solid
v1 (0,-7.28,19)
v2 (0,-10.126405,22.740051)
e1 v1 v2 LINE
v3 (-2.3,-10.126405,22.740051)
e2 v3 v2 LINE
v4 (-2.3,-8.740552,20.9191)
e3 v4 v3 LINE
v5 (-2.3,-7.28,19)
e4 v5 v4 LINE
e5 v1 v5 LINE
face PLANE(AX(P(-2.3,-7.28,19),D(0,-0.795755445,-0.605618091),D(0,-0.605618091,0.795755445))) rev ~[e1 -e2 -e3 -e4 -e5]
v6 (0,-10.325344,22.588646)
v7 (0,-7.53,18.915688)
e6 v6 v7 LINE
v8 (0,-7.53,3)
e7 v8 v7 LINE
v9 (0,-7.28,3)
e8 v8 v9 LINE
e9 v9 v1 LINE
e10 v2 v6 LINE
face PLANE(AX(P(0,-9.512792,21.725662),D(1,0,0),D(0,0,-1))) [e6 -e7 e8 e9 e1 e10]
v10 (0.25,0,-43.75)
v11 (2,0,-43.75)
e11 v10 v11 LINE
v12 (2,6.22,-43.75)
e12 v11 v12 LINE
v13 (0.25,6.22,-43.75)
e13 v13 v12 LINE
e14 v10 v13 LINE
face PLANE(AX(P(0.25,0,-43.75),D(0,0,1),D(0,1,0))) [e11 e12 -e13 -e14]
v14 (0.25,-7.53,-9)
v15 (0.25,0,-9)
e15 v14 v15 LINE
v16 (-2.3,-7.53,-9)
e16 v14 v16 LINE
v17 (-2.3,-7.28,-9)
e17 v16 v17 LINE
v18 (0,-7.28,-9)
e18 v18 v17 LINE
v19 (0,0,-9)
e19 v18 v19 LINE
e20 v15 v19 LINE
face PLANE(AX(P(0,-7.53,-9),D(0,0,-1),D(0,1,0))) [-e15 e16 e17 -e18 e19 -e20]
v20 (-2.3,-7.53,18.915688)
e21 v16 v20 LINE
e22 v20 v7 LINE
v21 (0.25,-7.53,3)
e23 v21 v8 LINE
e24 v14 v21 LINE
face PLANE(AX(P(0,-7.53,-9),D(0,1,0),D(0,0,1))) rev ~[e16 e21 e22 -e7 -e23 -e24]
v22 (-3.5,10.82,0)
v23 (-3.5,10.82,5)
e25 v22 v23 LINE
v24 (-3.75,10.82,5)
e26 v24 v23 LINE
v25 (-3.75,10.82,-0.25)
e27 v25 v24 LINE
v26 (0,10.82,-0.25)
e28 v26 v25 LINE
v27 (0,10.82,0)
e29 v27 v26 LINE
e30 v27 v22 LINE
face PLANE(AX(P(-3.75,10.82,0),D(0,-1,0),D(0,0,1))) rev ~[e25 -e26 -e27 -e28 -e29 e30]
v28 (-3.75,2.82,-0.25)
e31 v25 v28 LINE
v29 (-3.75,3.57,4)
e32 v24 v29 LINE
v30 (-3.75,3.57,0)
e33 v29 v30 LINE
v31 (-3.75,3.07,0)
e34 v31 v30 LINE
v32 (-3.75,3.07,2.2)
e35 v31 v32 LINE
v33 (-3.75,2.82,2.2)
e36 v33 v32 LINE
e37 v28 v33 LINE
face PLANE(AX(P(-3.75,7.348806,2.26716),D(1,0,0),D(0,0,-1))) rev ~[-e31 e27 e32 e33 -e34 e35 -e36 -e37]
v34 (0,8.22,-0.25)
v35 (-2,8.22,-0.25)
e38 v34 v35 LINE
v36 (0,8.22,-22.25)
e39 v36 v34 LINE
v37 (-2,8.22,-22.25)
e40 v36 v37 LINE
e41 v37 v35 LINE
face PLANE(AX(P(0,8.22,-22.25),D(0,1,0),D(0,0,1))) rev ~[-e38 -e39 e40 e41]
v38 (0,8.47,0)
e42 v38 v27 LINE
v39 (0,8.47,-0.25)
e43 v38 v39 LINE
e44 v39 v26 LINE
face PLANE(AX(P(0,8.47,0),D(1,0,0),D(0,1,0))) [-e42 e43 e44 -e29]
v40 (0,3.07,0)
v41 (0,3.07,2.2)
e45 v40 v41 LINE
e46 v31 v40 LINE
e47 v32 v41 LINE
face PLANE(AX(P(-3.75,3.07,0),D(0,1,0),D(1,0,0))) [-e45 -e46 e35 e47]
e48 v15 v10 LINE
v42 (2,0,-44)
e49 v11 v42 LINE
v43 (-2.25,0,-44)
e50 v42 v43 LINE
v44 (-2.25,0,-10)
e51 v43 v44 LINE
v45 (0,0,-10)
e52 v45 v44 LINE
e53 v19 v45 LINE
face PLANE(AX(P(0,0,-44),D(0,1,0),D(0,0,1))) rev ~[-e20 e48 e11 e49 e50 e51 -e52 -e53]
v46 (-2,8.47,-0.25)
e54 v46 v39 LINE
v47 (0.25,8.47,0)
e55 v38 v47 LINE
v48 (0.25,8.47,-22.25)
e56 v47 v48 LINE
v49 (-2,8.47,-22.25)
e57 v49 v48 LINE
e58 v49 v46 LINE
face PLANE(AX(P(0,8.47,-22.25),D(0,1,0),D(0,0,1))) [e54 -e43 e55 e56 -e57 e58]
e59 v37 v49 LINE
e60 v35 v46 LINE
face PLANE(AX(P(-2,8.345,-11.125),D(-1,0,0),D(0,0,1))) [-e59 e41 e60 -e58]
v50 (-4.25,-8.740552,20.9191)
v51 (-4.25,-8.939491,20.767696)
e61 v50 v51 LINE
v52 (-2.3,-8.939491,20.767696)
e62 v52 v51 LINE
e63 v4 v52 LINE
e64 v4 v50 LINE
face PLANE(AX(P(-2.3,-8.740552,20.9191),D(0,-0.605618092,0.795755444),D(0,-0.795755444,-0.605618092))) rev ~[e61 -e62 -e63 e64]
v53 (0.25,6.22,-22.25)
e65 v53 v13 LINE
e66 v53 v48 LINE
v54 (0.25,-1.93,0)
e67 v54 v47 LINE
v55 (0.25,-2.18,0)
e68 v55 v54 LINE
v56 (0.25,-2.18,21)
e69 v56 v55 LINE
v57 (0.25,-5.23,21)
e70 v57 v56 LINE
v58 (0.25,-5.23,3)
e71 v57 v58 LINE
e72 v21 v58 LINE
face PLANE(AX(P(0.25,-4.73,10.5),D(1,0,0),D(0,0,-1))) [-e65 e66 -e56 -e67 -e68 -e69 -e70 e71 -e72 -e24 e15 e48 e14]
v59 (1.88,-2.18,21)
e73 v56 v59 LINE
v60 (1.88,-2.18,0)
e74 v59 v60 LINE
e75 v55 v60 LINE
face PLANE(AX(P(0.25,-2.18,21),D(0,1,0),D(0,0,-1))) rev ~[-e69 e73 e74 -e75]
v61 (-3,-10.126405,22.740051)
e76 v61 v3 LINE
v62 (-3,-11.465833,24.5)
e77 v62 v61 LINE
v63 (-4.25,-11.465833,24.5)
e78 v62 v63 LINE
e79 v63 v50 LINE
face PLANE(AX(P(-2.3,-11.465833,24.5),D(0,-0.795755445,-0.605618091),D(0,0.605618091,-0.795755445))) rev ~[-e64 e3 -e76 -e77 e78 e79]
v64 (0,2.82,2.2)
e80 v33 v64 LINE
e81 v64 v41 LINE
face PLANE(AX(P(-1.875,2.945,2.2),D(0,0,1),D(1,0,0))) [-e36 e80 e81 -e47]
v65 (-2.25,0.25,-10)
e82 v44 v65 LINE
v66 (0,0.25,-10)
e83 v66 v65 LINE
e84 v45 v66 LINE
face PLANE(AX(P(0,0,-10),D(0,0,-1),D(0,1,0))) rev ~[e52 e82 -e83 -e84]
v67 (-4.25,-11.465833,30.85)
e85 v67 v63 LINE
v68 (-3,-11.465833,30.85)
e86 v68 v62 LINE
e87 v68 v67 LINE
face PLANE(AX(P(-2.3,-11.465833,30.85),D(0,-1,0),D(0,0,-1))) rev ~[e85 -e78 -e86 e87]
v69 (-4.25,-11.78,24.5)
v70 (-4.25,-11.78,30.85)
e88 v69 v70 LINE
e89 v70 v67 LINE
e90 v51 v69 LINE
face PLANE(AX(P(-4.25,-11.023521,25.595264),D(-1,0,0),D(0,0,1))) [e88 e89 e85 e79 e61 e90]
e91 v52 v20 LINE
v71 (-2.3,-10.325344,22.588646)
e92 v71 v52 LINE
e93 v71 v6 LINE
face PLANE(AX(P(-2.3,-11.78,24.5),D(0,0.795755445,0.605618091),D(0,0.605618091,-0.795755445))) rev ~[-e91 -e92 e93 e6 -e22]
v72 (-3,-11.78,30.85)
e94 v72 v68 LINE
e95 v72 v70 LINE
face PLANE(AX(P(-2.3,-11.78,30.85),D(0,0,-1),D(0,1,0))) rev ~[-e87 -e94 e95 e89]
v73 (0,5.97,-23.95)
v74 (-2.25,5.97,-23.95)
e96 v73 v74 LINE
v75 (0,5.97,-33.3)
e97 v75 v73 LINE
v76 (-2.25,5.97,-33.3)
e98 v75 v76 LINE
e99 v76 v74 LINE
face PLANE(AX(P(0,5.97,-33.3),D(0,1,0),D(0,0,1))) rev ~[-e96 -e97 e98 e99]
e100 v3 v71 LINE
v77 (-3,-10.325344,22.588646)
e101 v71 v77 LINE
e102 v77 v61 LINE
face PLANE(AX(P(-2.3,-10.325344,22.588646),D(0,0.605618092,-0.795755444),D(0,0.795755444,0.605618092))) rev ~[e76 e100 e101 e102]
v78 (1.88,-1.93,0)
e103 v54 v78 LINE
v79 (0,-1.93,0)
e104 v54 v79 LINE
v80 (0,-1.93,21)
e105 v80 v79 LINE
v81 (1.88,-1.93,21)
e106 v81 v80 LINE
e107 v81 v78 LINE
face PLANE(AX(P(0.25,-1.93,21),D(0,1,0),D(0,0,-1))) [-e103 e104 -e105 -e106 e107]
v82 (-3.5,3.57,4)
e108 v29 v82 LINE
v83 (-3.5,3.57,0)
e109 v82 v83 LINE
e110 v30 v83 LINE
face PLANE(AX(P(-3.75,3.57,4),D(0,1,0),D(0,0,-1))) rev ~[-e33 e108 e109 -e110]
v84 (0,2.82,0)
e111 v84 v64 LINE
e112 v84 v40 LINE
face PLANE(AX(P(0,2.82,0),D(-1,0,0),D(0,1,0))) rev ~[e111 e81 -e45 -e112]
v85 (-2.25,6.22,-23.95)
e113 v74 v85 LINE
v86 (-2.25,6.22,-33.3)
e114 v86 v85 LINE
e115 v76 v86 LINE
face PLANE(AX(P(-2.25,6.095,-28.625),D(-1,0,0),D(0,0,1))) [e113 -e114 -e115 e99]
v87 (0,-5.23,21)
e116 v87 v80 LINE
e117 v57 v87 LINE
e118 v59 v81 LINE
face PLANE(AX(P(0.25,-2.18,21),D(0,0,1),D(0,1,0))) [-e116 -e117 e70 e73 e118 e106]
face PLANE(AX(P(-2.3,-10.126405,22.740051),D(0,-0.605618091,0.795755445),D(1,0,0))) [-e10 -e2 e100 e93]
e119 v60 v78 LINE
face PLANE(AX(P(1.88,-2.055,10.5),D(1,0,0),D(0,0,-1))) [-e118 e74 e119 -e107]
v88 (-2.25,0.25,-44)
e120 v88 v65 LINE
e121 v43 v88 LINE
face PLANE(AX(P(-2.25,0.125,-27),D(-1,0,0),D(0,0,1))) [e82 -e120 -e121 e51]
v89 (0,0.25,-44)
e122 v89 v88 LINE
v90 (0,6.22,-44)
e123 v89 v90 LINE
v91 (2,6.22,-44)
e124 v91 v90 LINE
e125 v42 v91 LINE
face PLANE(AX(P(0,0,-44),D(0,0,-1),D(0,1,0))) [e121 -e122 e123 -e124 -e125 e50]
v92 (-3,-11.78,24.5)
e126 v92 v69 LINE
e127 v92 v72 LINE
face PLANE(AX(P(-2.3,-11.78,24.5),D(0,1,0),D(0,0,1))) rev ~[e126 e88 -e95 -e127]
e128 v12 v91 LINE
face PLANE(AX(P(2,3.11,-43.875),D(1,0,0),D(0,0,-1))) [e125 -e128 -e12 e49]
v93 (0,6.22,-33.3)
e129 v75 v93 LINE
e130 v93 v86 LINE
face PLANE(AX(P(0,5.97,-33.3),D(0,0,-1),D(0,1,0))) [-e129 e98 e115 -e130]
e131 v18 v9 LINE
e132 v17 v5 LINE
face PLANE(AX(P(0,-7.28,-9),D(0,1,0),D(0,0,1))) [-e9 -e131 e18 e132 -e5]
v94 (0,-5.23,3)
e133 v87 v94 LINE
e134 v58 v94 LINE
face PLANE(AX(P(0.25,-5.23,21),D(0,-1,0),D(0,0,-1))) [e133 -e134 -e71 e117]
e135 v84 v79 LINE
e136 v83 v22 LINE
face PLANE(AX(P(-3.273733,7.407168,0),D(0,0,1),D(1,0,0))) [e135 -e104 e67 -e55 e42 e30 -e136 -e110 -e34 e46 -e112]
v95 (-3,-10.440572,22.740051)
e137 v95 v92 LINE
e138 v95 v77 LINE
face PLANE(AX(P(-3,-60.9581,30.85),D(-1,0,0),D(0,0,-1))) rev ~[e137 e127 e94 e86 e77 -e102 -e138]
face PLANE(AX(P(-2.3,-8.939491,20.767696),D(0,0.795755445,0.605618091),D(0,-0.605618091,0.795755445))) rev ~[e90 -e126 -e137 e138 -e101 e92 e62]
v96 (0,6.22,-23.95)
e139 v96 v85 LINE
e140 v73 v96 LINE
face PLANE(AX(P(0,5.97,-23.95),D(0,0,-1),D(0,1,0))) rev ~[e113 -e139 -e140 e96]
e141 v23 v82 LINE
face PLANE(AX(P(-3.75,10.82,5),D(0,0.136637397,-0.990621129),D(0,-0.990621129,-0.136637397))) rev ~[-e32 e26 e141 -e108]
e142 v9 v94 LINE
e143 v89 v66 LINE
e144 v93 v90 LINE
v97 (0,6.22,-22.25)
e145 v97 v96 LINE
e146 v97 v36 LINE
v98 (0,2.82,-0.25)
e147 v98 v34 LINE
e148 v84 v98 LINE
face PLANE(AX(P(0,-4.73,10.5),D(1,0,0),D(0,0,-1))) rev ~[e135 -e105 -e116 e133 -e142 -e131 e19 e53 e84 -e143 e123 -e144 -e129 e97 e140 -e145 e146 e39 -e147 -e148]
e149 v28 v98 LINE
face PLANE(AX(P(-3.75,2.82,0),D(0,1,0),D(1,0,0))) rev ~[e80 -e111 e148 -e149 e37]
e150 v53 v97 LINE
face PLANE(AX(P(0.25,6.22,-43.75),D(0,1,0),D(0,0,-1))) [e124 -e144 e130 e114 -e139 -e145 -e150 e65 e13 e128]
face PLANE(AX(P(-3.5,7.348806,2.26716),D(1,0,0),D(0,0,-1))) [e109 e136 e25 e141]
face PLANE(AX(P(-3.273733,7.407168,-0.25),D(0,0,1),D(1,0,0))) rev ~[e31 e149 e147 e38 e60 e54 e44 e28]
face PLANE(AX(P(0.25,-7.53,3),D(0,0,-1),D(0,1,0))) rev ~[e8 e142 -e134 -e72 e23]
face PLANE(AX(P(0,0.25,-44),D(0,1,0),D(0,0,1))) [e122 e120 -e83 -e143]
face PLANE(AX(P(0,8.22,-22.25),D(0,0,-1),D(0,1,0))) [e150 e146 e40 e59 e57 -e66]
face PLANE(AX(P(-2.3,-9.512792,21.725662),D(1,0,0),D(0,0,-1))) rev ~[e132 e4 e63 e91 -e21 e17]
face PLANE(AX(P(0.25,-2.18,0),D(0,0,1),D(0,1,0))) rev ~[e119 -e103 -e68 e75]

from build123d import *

# Parameters (mm, degrees)
SKETCH_1_W               = 44
SKETCH_1_H               = 6.22
EXTRUDE_1_DEPTH          = 0.25
SKETCH_2_W               = 0.25
SKETCH_2_H               = 6.22
EXTRUDE_2_DEPTH          = 1.75
SKETCH_4_W               = 34
SKETCH_4_H               = 0.25
SKETCH_4_W_2             = 9.35
EXTRUDE_3_DEPTH          = 2.25
SKETCH_5_W               = 22.25
SKETCH_5_H               = 2.25
SKETCH_5_W_2             = 9
SKETCH_5_H_2             = 7.53
EXTRUDE_4_DEPTH          = 0.25
SKETCH_6_W               = 21
SKETCH_6_H               = 5.6
EXTRUDE_5_DEPTH          = 0.25
SKETCH_7_W               = 18
SKETCH_7_H               = 2.3
CUT_EXTRUDE_1_DEPTH      = 45.877509958
SKETCH_8_W               = 21
SKETCH_8_H               = 0.25
EXTRUDE_6_DEPTH          = 1.63
SKETCH_9_W               = 28
SKETCH_9_H               = 0.25
EXTRUDE_7_DEPTH          = 2.3
EXTRUDE_8_DEPTH          = 2.3
EXTRUDE_9_DEPTH          = 1.95
SKETCH_12_W              = 2.3
SKETCH_12_H              = 2.401936356
CUT_EXTRUDE_2_DEPTH      = 51.369645687
CUT_EXTRUDE_3_DEPTH      = 49.492266831
CUT_EXTRUDE_3_DEPTH_BACK = 49.492266831
SKETCH_13_W              = 0.7
SKETCH_13_H              = 8.10994941
CUT_EXTRUDE_4_DEPTH      = 0.7
SKETCH_15_W              = 22.25
SKETCH_15_H              = 0.25
EXTRUDE_10_DEPTH         = 2
EXTRUDE_11_DEPTH         = 0.25
CUT_EXTRUDE_5_REACH      = 48.336
SKETCH_17_W              = 4.75
SKETCH_17_H              = 8
SKETCH_18_W              = 3.75
SKETCH_18_H              = 0.25
EXTRUDE_12_DEPTH         = 2.2
EXTRUDE_13_DEPTH         = 0.25


with BuildPart() as part:
    # 草图1 → 凸台-拉伸1 (new body)
    with BuildSketch(Plane(origin=(0, 0, 0), x_dir=(0, 0, -1), z_dir=(1, 0, 0))):
        with Locations((22, 3.11)):
            Rectangle(SKETCH_1_W, SKETCH_1_H)
    extrude(amount=EXTRUDE_1_DEPTH)

    # 草图2 → 凸台-拉伸2 (add)
    with BuildSketch(Plane(origin=(0.25, 0, 0), x_dir=(0, 0, -1), z_dir=(1, 0, 0))):
        with Locations((43.875, 3.11)):
            Rectangle(SKETCH_2_W, SKETCH_2_H)
    extrude(amount=EXTRUDE_2_DEPTH)

    # 草图4 → 凸台-拉伸3 (add)
    with BuildSketch(Plane.ZY):
        with Locations((-27, 0.125)):
            Rectangle(SKETCH_4_W, SKETCH_4_H)
        with Locations((-28.625, 6.095)):
            Rectangle(SKETCH_4_W_2, SKETCH_4_H)
    extrude(amount=EXTRUDE_3_DEPTH)

    # 草图5 → 凸台-拉伸4 (add)
    with BuildSketch(Plane(origin=(0.25, 0, 0), x_dir=(0, 0, -1), z_dir=(1, 0, 0))):
        with Locations((11.125, 7.345)):
            Rectangle(SKETCH_5_W, SKETCH_5_H)
        with Locations((4.5, -3.765)):
            Rectangle(SKETCH_5_W_2, SKETCH_5_H_2)
    extrude(amount=-EXTRUDE_4_DEPTH)

    # 草图6 → 凸台-拉伸5 (add)
    with BuildSketch(Plane(origin=(0.25, 0, 0), x_dir=(0, 0, -1), z_dir=(1, 0, 0))):
        with Locations((-10.5, -4.73)):
            Rectangle(SKETCH_6_W, SKETCH_6_H)
    extrude(amount=-EXTRUDE_5_DEPTH)

    # 草图7 → 切除-拉伸1 (cut, through all)
    with BuildSketch(Plane(origin=(0.25, 0, 0), x_dir=(0, 0, -1), z_dir=(1, 0, 0))):
        with Locations((-12, -6.38)):
            Rectangle(SKETCH_7_W, SKETCH_7_H)
    extrude(amount=-CUT_EXTRUDE_1_DEPTH, mode=Mode.SUBTRACT)

    # 草图8 → 凸台-拉伸6 (add)
    with BuildSketch(Plane(origin=(0.25, 0, 0), x_dir=(0, 0, -1), z_dir=(1, 0, 0))):
        with Locations((-10.5, -2.055)):
            Rectangle(SKETCH_8_W, SKETCH_8_H)
    extrude(amount=EXTRUDE_6_DEPTH)

    # 草图9 → 凸台-拉伸7 (add)
    with BuildSketch(Plane.ZY):
        with Locations((5, -7.405)):
            Rectangle(SKETCH_9_W, SKETCH_9_H)
    extrude(amount=EXTRUDE_7_DEPTH)

    # 草图10 → 凸台-拉伸8 (add)
    with BuildSketch(Plane.ZY.offset(2.3)):
        Polygon((19, -7.28), (24.5, -11.465833127), (24.5, -11.78), (18.91568756, -7.53), (19, -7.53), align=None)
    extrude(amount=-EXTRUDE_8_DEPTH)

    # 草图11 → 凸台-拉伸9 (add)
    with BuildSketch(Plane.ZY.offset(2.3)):
        Polygon((24.5, -11.465833127), (20.919100499, -8.740551717), (20.767695976, -8.939490578), (24.5, -11.78), (30.85, -11.78), (30.85, -11.465833127), align=None)
    extrude(amount=EXTRUDE_9_DEPTH)

    # 草图12 → 切除-拉伸2 (cut, through all)
    with BuildSketch(Plane(origin=(0, 4.546663396, 3.460286229), x_dir=(1, 0, 0), z_dir=(0, 0.795755444677028, 0.6056180910993872))):
        with Locations((-1.15, -25.42922133)):
            Rectangle(SKETCH_12_W, SKETCH_12_H)
    extrude(amount=-CUT_EXTRUDE_2_DEPTH, mode=Mode.SUBTRACT)

    # 草图13 → 切除-拉伸3 (cut, two sides: drawn at the far end of the back side and taken through both)
    with BuildSketch(Plane(origin=(0, -11.465833127, 0), x_dir=(1, 0, 0), z_dir=(0, 1, 0)).offset(-CUT_EXTRUDE_3_DEPTH_BACK)):
        with Locations((-2.65, -26.795025295)):
            Rectangle(SKETCH_13_W, SKETCH_13_H)
    extrude(amount=CUT_EXTRUDE_3_DEPTH + CUT_EXTRUDE_3_DEPTH_BACK, mode=Mode.SUBTRACT)

    # 草图14 → 切除-拉伸4 (cut)
    with BuildSketch(Plane(origin=(-2.3, 0, 0), x_dir=(0, 0, -1), z_dir=(1, 0, 0))):
        Polygon((-22.74005059, -10.126405028), (-22.74005059, -10.440571902), (-22.588646067, -10.325343889), align=None)
    extrude(amount=-CUT_EXTRUDE_4_DEPTH, mode=Mode.SUBTRACT)

    # 草图15 → 凸台-拉伸10 (add)
    with BuildSketch(Plane.ZY):
        with Locations((-11.125, 8.345)):
            Rectangle(SKETCH_15_W, SKETCH_15_H)
    extrude(amount=EXTRUDE_10_DEPTH)

    # 草图16 → 凸台-拉伸11 (add)
    with BuildSketch(Plane.XY):
        Polygon((0, 2.82), (0, 8.22), (-2, 8.22), (-2, 8.47), (0, 8.47), (0, 10.82), (-8.5, 10.82), (-5, 2.82), align=None)
    extrude(amount=-EXTRUDE_11_DEPTH)

    # 草图17 → 切除-拉伸5 (cut, up to next)
    with BuildSketch(Plane.XY, mode=Mode.PRIVATE) as cut_extrude_5_sk1:
        with Locations((-6.125, 6.82)):
            Rectangle(SKETCH_17_W, SKETCH_17_H)
    cut_extrude_5_tool1 = extrude(cut_extrude_5_sk1.sketch, amount=-CUT_EXTRUDE_5_REACH, mode=Mode.PRIVATE) & part.part
    add(cut_extrude_5_tool1.solids().sort_by_distance((-6.125, 6.82, 0))[0], mode=Mode.SUBTRACT)

    # 草图18 → 凸台-拉伸12 (add)
    with BuildSketch(Plane.XY):
        with Locations((-1.875, 2.945)):
            Rectangle(SKETCH_18_W, SKETCH_18_H)
    extrude(amount=EXTRUDE_12_DEPTH)

    # 草图19 → 凸台-拉伸13 (add)
    with BuildSketch(Plane.ZY.offset(3.75)):
        Polygon((0, 10.82), (5, 10.82), (4, 3.57), (0, 3.57), align=None)
    extrude(amount=-EXTRUDE_13_DEPTH)


solid = part.part
